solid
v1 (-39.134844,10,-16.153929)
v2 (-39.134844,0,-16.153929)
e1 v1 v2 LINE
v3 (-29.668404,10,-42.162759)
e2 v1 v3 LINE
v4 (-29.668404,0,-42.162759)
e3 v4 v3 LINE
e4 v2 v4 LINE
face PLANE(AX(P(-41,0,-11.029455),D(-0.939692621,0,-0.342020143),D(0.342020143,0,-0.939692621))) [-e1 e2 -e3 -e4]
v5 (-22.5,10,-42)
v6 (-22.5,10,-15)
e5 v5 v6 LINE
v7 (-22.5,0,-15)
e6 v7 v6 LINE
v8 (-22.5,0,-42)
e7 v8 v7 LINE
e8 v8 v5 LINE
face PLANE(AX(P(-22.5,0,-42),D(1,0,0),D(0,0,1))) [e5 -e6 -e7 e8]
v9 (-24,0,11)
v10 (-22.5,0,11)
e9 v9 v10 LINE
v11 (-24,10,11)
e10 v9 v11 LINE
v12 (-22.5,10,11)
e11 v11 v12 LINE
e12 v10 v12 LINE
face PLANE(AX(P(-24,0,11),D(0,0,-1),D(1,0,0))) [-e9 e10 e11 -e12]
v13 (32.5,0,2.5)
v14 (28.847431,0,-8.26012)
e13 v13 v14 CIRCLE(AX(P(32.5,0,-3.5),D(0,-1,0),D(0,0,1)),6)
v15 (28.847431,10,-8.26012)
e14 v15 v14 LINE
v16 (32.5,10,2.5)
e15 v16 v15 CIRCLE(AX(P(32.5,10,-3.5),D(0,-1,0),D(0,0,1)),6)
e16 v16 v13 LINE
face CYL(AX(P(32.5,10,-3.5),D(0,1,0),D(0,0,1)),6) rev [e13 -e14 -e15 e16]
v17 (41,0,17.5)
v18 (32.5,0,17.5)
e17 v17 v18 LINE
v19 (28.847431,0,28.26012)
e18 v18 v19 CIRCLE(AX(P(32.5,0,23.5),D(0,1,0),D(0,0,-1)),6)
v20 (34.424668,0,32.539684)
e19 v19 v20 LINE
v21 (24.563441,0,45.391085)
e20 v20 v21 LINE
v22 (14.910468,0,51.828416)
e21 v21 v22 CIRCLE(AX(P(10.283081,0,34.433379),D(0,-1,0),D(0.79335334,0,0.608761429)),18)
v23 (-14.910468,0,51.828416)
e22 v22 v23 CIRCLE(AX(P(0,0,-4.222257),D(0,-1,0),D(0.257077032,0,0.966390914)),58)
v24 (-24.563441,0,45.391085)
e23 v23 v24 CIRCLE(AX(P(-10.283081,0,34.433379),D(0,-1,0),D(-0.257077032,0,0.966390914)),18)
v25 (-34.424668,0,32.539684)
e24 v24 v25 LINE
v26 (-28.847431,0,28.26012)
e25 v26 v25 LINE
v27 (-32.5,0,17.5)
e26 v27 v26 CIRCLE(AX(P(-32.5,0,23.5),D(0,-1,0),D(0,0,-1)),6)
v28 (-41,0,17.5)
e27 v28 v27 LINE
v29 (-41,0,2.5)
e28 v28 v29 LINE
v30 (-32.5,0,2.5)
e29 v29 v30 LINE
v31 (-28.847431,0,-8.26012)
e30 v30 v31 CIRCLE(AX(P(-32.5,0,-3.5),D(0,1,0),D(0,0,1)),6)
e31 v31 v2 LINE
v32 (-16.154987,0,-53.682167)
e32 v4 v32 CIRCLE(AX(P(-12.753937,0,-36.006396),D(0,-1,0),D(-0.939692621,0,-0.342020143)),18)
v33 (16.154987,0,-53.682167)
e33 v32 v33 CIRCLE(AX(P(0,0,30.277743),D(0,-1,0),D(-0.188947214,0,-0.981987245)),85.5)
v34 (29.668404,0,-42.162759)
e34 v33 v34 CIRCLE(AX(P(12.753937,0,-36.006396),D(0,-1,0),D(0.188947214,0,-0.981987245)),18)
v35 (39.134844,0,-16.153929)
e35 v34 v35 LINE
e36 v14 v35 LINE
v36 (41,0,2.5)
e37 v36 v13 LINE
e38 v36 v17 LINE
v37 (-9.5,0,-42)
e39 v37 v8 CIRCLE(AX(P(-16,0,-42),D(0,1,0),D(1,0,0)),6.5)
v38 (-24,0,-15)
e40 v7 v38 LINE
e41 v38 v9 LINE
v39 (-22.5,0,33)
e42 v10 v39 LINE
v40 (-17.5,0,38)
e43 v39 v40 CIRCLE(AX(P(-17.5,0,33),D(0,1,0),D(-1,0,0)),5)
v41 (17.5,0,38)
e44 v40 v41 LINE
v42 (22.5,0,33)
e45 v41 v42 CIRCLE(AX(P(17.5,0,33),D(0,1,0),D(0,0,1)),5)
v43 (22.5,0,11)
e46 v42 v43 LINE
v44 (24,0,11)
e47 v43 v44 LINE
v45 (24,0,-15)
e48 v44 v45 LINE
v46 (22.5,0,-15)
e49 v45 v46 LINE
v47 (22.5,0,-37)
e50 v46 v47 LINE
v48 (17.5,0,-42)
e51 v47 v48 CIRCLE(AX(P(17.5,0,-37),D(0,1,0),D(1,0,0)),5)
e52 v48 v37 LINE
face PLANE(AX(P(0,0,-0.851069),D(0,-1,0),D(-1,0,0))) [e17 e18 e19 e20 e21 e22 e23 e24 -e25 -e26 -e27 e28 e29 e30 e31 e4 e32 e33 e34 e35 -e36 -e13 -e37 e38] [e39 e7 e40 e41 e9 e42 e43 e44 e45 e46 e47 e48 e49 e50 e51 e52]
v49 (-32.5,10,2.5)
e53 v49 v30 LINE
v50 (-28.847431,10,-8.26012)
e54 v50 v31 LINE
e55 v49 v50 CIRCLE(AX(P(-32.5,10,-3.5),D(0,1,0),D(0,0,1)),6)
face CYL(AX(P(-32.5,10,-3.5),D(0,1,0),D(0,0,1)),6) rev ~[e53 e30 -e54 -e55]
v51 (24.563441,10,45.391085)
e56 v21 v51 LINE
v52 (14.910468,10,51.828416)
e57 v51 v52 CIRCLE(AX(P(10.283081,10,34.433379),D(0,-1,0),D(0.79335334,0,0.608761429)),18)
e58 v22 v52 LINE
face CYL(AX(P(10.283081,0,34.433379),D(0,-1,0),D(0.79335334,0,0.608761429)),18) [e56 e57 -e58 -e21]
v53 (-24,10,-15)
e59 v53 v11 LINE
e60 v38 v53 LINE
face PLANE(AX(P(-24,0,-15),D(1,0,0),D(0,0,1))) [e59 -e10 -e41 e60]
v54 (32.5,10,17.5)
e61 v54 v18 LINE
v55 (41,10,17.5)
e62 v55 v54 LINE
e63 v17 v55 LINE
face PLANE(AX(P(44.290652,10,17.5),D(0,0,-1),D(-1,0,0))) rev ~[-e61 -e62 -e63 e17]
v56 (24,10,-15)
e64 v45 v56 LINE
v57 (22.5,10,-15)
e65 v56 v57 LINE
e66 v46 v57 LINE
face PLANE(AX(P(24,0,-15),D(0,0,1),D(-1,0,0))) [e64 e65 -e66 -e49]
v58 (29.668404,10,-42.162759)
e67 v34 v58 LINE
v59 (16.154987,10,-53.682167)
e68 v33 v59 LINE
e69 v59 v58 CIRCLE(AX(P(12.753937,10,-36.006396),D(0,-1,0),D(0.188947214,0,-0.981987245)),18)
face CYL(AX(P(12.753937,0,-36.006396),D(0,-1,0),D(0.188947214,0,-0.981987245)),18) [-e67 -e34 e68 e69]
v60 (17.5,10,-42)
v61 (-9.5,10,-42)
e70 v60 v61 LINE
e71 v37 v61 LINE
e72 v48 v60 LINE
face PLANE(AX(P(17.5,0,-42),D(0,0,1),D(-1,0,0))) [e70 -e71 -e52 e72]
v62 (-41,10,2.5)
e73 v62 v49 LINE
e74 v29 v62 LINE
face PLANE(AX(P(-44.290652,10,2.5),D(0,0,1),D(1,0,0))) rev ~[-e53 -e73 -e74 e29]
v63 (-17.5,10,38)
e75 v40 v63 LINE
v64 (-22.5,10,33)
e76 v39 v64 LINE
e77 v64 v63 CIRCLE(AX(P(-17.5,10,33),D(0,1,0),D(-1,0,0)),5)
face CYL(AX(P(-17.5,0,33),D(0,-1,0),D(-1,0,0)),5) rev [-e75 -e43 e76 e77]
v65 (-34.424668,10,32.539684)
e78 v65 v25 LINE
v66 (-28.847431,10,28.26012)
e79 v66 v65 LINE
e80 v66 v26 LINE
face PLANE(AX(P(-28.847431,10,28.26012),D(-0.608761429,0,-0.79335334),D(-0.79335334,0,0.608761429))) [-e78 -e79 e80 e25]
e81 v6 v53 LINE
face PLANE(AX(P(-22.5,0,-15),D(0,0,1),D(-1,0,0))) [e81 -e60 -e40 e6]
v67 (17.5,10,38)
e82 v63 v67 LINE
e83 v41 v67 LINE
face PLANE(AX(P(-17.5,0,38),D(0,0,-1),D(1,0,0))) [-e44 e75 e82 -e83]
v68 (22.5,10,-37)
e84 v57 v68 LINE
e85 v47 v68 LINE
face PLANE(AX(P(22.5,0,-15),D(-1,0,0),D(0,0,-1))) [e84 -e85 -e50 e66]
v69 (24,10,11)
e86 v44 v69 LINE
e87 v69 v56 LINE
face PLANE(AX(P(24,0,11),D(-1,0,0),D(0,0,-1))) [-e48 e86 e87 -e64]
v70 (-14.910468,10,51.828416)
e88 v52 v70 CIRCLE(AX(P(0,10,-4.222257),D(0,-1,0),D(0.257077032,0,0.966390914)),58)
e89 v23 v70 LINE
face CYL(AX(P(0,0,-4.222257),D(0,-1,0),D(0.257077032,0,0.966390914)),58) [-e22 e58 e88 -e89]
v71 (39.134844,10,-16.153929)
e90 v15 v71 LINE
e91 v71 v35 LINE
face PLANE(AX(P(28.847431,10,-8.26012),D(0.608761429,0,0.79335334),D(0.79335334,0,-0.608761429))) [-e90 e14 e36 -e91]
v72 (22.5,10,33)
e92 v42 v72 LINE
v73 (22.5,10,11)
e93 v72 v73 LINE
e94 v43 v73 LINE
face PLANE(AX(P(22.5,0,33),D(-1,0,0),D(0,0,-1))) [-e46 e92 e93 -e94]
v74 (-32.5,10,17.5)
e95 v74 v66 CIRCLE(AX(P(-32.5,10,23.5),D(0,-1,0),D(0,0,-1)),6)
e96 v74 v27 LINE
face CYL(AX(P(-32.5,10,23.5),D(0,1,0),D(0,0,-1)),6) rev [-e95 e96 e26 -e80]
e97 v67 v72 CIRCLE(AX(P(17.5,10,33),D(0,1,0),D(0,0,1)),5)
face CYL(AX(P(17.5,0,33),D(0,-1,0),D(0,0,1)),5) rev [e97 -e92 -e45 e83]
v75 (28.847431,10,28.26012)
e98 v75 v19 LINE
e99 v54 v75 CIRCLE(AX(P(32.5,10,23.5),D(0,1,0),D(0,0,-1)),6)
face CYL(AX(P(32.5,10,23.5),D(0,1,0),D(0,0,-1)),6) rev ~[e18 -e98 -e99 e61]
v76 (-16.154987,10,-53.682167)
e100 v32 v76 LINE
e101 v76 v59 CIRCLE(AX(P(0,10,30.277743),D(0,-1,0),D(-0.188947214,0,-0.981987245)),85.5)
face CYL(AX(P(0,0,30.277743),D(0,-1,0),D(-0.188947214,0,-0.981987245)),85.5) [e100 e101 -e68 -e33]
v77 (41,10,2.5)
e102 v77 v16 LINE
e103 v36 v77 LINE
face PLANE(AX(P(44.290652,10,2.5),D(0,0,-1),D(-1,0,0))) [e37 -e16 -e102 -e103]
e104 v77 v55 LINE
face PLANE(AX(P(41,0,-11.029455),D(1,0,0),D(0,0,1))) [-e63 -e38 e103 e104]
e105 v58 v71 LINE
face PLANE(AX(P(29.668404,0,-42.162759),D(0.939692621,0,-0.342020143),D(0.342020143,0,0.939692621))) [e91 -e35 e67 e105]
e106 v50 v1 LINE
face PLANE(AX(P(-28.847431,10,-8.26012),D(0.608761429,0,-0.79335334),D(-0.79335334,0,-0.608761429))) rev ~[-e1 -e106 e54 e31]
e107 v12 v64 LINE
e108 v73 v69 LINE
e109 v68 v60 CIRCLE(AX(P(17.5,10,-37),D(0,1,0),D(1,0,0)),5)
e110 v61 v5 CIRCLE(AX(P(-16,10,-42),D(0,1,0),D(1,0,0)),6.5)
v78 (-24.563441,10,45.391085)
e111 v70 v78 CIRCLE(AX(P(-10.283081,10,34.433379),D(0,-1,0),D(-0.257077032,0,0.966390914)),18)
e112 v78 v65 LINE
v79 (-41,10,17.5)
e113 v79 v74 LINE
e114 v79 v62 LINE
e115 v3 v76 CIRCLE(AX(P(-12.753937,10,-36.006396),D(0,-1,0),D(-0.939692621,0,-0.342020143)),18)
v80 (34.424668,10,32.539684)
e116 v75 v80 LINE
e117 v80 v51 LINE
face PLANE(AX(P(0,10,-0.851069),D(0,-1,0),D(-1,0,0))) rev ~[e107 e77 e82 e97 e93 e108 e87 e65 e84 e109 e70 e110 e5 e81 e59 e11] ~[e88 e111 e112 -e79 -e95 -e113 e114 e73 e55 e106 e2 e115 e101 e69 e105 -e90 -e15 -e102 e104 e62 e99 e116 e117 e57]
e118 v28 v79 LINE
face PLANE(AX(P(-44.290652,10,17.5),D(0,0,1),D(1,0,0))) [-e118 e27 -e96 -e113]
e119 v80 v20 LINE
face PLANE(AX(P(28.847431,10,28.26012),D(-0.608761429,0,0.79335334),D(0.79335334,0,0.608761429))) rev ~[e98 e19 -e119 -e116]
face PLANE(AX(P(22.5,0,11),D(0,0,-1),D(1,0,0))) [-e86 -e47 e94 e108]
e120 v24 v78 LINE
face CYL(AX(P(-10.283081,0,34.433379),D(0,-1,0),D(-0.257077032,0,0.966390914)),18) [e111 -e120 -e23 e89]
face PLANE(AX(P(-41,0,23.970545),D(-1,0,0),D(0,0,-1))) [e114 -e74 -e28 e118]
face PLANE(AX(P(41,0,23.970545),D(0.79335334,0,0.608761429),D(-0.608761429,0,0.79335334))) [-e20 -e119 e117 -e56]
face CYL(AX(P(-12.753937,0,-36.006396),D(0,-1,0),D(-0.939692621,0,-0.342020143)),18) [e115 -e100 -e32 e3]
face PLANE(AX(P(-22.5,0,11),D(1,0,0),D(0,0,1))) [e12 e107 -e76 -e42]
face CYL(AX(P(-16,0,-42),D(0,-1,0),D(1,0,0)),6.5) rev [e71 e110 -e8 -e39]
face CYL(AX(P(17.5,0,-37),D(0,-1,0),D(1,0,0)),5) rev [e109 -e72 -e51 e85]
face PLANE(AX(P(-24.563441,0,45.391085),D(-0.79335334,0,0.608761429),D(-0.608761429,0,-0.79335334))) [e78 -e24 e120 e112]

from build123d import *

# Parameters (mm, degrees)
EXTRUSION1_DEPTH = 10
EXTRUSION3_DEPTH = 10


with BuildPart() as part:
    # Esquisse1 → Extrusion1 (new body)
    with BuildSketch(Plane(origin=(0, 0, 0), x_dir=(1, 0, 0), z_dir=(0, 1, 0))):
        with BuildLine():
            Line((29.668404138, 42.162758726), (41, 11.029454967))
            Line((41, 11.029454967), (41, -23.970545033))
            Line((41, -23.970545033), (24.563441417, -45.391085221))
            ThreePointArc((24.563441417, -45.391085221), (20.269848943, -49.408841824), (14.910467873, -51.828415958))
            ThreePointArc((14.910467873, -51.828415958), (0, -53.777742922), (-14.910467873, -51.828415958))
            ThreePointArc((-14.910467873, -51.828415958), (-20.269848943, -49.408841824), (-24.563441417, -45.391085221))
            Line((-24.563441417, -45.391085221), (-41, -23.970545033))
            Line((-41, -23.970545033), (-41, 11.029454967))
            Line((-41, 11.029454967), (-29.668404138, 42.162758726))
            ThreePointArc((-29.668404138, 42.162758726), (-24.431019103, 49.704781186), (-16.15498682, 53.682166564))
            ThreePointArc((-16.15498682, 53.682166564), (0, 55.222257078), (16.15498682, 53.682166564))
            ThreePointArc((16.15498682, 53.682166564), (24.431019103, 49.704781186), (29.668404138, 42.162758726))
        make_face()
        with BuildLine():
            Line((-22.5, -11), (-22.5, -33))
            ThreePointArc((-22.5, -33), (-21.035533906, -36.535533906), (-17.5, -38))
            Line((-17.5, -38), (17.5, -38))
            ThreePointArc((17.5, -38), (21.035533906, -36.535533906), (22.5, -33))
            Line((22.5, -33), (22.5, -11))
            Line((22.5, -11), (24, -11))
            Line((24, -11), (24, 15))
            Line((24, 15), (22.5, 15))
            Line((22.5, 15), (22.5, 37))
            ThreePointArc((22.5, 37), (21.035533906, 40.535533906), (17.5, 42))
            Line((17.5, 42), (-9.5, 42))
            ThreePointArc((-9.5, 42), (-16, 48.5), (-22.5, 42))
            Line((-22.5, 42), (-22.5, 15))
            Line((-22.5, 15), (-24, 15))
            Line((-24, 15), (-24, -11))
            Line((-24, -11), (-22.5, -11))
        make_face(mode=Mode.SUBTRACT)
    extrude(amount=EXTRUSION1_DEPTH)

    # Esquisse2 → Extrusion3 (cut)
    with BuildSketch(Plane(origin=(0, 10, 0), x_dir=(-1, 0, 0), z_dir=(0, 1, 0))):
        with BuildLine():
            Line((-44.290652496, 17.5), (-32.5, 17.5))
            ThreePointArc((-32.5, 17.5), (-26.818419223, 21.571363208), (-28.847431426, 28.260120042))
            Line((-28.847431426, 28.260120042), (-39.653910261, 36.552222897))
            Line((-39.653910261, 36.552222897), (-44.290652496, 29.7455314))
            Line((-44.290652496, 29.7455314), (-44.290652496, 17.5))
        make_face()
        with BuildLine():
            Line((-44.290652496, -9.7455314), (-44.290652496, 2.5))
            Line((-44.290652496, 2.5), (-32.5, 2.5))
            ThreePointArc((-32.5, 2.5), (-26.818419223, -1.571363208), (-28.847431426, -8.260120042))
            Line((-28.847431426, -8.260120042), (-39.653910261, -16.552222897))
            Line((-39.653910261, -16.552222897), (-44.290652496, -9.7455314))
        make_face()
        with BuildLine():
            Line((44.290652496, 2.5), (32.5, 2.5))
            ThreePointArc((32.5, 2.5), (26.818419223, -1.571363208), (28.847431426, -8.260120042))
            Line((28.847431426, -8.260120042), (39.653910261, -16.552222897))
            Line((39.653910261, -16.552222897), (44.290652496, -9.7455314))
            Line((44.290652496, -9.7455314), (44.290652496, 2.5))
        make_face()
        with BuildLine():
            Line((44.290652496, 29.7455314), (44.290652496, 17.5))
            Line((44.290652496, 17.5), (32.5, 17.5))
            ThreePointArc((32.5, 17.5), (26.818419223, 21.571363208), (28.847431426, 28.260120042))
            Line((28.847431426, 28.260120042), (39.653910261, 36.552222897))
            Line((39.653910261, 36.552222897), (44.290652496, 29.7455314))
        make_face()
    extrude(amount=-EXTRUSION3_DEPTH, mode=Mode.SUBTRACT)


solid = part.part
